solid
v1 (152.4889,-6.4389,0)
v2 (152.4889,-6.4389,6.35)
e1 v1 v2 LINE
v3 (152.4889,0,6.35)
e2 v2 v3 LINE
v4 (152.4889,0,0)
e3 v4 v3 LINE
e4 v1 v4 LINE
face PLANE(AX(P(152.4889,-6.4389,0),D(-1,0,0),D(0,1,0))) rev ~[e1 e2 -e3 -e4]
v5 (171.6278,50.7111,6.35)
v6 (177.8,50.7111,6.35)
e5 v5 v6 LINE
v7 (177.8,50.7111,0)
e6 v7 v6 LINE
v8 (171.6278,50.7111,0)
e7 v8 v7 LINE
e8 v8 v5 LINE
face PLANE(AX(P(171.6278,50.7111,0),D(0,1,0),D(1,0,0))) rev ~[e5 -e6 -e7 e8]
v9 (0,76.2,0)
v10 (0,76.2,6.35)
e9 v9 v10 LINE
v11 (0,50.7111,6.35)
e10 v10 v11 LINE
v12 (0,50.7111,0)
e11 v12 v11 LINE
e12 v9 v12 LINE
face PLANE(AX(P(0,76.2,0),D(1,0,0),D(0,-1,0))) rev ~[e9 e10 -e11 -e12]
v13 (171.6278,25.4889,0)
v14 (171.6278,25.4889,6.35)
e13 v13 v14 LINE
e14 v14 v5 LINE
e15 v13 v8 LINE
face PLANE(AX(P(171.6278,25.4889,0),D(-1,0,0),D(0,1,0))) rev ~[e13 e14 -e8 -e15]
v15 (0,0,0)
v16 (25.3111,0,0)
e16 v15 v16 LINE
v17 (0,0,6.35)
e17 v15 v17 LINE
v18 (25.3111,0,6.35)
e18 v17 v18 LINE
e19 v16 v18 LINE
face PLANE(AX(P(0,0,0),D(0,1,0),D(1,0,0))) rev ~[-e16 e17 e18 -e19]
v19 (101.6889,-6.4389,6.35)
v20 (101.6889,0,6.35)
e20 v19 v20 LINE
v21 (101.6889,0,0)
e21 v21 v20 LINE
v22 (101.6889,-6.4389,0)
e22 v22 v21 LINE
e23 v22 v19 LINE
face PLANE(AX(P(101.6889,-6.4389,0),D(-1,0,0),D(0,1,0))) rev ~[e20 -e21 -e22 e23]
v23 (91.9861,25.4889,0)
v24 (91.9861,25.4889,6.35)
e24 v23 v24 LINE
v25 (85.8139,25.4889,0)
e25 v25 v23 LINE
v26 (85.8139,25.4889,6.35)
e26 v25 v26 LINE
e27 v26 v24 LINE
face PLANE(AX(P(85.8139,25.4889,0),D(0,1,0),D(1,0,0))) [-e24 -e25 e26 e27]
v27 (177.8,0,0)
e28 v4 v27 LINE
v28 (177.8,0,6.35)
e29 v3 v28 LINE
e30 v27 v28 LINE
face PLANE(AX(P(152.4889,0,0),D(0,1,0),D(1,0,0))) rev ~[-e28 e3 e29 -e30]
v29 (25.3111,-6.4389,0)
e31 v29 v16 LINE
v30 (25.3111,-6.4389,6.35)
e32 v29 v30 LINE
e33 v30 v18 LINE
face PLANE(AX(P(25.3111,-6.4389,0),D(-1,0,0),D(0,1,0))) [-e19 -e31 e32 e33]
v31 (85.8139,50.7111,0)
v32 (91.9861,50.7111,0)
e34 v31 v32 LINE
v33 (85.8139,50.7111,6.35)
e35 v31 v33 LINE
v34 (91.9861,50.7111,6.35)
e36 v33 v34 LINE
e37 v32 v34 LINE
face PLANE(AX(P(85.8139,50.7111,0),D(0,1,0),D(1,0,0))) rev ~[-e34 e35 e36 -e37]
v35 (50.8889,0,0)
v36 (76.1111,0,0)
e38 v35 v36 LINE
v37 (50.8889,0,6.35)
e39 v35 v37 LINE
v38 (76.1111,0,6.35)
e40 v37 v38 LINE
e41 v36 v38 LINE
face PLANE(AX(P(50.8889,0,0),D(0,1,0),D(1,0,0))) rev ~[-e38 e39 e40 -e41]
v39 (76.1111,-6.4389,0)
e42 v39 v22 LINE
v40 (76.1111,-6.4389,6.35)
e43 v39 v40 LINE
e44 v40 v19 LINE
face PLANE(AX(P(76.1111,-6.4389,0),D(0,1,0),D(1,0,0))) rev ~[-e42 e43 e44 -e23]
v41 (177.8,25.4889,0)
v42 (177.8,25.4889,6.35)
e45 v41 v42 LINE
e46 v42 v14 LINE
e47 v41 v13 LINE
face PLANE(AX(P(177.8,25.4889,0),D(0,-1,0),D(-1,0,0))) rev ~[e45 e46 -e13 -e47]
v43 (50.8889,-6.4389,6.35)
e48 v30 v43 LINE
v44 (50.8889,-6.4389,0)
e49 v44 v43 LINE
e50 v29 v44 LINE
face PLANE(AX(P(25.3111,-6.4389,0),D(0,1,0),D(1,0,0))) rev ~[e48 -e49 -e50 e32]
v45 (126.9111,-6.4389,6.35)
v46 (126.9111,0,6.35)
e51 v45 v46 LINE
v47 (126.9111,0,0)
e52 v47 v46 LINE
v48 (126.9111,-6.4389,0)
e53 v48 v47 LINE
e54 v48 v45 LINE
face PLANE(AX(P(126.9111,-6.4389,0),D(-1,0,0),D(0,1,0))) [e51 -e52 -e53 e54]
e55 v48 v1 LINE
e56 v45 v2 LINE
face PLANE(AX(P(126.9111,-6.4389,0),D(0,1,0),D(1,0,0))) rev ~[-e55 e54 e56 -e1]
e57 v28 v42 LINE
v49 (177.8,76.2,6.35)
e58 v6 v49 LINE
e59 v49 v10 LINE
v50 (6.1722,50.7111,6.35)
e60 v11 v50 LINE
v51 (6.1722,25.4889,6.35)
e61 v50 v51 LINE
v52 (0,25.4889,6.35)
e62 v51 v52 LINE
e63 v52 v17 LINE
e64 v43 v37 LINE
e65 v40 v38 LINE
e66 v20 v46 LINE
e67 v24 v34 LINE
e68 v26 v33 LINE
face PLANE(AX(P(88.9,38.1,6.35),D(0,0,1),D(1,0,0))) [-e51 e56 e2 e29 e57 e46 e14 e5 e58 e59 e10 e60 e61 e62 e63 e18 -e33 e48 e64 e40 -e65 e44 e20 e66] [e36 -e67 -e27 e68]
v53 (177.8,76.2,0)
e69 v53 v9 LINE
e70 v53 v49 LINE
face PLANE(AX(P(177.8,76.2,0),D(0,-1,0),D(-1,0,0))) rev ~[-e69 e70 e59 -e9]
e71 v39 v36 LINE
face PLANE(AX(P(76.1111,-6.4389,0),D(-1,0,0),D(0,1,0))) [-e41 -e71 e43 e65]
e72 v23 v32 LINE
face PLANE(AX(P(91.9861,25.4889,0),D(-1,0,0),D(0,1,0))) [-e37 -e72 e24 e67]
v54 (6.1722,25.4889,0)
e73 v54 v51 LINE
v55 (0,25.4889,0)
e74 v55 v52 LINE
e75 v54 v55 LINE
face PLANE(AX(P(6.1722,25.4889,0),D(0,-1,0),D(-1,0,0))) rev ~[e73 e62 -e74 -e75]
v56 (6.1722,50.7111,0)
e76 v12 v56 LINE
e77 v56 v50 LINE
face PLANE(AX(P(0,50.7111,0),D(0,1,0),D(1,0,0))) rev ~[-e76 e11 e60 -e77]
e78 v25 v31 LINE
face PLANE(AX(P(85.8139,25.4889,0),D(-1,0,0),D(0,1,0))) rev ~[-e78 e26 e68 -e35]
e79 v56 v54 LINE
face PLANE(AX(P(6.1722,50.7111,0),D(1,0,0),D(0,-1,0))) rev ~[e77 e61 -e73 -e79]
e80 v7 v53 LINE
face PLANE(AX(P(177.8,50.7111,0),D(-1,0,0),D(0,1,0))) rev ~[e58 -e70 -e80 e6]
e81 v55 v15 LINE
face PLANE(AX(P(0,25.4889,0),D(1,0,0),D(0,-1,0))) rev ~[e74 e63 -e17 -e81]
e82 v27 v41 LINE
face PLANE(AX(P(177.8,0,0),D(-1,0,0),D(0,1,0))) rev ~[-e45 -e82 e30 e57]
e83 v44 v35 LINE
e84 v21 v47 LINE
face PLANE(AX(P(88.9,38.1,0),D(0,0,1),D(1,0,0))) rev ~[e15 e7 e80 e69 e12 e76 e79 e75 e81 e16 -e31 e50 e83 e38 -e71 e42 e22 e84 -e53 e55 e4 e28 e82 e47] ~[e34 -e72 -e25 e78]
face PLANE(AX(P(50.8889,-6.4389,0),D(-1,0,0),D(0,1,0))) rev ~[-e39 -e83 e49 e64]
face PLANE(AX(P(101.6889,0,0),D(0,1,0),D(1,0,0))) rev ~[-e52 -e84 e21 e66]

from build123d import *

# Parameters (mm, degrees)
F0_W     = 6.1722
F0_H     = 25.2222
F0_W_2   = 25.5778
F0_H_2   = 6.4389
F1_DEPTH = 6.35


with BuildPart() as f1:
    # F0 (on Top) → F1 (new body)
    with BuildSketch(Plane.XY):
        Polygon((0, 25.4889), (0, 0), (25.3111, 0), (50.8889, 0), (76.1111, 0), (101.6889, 0), (126.9111, 0), (152.4889, 0), (177.8, 0), (177.8, 25.4889), (171.6278, 25.4889), (171.6278, 50.7111), (177.8, 50.7111), (177.8, 76.2), (0, 76.2), (0, 50.7111), (6.1722, 50.7111), (6.1722, 25.4889), align=None)
        with Locations((88.9, 38.1)):
            Rectangle(F0_W, F0_H, mode=Mode.SUBTRACT)
        with Locations((38.1, -3.21945)):
            Rectangle(F0_W_2, F0_H_2)
        with Locations((88.9, -3.21945)):
            Rectangle(F0_W_2, F0_H_2)
        with Locations((139.7, -3.21945)):
            Rectangle(F0_W_2, F0_H_2)
    extrude(amount=F1_DEPTH)


solid = f1.part
